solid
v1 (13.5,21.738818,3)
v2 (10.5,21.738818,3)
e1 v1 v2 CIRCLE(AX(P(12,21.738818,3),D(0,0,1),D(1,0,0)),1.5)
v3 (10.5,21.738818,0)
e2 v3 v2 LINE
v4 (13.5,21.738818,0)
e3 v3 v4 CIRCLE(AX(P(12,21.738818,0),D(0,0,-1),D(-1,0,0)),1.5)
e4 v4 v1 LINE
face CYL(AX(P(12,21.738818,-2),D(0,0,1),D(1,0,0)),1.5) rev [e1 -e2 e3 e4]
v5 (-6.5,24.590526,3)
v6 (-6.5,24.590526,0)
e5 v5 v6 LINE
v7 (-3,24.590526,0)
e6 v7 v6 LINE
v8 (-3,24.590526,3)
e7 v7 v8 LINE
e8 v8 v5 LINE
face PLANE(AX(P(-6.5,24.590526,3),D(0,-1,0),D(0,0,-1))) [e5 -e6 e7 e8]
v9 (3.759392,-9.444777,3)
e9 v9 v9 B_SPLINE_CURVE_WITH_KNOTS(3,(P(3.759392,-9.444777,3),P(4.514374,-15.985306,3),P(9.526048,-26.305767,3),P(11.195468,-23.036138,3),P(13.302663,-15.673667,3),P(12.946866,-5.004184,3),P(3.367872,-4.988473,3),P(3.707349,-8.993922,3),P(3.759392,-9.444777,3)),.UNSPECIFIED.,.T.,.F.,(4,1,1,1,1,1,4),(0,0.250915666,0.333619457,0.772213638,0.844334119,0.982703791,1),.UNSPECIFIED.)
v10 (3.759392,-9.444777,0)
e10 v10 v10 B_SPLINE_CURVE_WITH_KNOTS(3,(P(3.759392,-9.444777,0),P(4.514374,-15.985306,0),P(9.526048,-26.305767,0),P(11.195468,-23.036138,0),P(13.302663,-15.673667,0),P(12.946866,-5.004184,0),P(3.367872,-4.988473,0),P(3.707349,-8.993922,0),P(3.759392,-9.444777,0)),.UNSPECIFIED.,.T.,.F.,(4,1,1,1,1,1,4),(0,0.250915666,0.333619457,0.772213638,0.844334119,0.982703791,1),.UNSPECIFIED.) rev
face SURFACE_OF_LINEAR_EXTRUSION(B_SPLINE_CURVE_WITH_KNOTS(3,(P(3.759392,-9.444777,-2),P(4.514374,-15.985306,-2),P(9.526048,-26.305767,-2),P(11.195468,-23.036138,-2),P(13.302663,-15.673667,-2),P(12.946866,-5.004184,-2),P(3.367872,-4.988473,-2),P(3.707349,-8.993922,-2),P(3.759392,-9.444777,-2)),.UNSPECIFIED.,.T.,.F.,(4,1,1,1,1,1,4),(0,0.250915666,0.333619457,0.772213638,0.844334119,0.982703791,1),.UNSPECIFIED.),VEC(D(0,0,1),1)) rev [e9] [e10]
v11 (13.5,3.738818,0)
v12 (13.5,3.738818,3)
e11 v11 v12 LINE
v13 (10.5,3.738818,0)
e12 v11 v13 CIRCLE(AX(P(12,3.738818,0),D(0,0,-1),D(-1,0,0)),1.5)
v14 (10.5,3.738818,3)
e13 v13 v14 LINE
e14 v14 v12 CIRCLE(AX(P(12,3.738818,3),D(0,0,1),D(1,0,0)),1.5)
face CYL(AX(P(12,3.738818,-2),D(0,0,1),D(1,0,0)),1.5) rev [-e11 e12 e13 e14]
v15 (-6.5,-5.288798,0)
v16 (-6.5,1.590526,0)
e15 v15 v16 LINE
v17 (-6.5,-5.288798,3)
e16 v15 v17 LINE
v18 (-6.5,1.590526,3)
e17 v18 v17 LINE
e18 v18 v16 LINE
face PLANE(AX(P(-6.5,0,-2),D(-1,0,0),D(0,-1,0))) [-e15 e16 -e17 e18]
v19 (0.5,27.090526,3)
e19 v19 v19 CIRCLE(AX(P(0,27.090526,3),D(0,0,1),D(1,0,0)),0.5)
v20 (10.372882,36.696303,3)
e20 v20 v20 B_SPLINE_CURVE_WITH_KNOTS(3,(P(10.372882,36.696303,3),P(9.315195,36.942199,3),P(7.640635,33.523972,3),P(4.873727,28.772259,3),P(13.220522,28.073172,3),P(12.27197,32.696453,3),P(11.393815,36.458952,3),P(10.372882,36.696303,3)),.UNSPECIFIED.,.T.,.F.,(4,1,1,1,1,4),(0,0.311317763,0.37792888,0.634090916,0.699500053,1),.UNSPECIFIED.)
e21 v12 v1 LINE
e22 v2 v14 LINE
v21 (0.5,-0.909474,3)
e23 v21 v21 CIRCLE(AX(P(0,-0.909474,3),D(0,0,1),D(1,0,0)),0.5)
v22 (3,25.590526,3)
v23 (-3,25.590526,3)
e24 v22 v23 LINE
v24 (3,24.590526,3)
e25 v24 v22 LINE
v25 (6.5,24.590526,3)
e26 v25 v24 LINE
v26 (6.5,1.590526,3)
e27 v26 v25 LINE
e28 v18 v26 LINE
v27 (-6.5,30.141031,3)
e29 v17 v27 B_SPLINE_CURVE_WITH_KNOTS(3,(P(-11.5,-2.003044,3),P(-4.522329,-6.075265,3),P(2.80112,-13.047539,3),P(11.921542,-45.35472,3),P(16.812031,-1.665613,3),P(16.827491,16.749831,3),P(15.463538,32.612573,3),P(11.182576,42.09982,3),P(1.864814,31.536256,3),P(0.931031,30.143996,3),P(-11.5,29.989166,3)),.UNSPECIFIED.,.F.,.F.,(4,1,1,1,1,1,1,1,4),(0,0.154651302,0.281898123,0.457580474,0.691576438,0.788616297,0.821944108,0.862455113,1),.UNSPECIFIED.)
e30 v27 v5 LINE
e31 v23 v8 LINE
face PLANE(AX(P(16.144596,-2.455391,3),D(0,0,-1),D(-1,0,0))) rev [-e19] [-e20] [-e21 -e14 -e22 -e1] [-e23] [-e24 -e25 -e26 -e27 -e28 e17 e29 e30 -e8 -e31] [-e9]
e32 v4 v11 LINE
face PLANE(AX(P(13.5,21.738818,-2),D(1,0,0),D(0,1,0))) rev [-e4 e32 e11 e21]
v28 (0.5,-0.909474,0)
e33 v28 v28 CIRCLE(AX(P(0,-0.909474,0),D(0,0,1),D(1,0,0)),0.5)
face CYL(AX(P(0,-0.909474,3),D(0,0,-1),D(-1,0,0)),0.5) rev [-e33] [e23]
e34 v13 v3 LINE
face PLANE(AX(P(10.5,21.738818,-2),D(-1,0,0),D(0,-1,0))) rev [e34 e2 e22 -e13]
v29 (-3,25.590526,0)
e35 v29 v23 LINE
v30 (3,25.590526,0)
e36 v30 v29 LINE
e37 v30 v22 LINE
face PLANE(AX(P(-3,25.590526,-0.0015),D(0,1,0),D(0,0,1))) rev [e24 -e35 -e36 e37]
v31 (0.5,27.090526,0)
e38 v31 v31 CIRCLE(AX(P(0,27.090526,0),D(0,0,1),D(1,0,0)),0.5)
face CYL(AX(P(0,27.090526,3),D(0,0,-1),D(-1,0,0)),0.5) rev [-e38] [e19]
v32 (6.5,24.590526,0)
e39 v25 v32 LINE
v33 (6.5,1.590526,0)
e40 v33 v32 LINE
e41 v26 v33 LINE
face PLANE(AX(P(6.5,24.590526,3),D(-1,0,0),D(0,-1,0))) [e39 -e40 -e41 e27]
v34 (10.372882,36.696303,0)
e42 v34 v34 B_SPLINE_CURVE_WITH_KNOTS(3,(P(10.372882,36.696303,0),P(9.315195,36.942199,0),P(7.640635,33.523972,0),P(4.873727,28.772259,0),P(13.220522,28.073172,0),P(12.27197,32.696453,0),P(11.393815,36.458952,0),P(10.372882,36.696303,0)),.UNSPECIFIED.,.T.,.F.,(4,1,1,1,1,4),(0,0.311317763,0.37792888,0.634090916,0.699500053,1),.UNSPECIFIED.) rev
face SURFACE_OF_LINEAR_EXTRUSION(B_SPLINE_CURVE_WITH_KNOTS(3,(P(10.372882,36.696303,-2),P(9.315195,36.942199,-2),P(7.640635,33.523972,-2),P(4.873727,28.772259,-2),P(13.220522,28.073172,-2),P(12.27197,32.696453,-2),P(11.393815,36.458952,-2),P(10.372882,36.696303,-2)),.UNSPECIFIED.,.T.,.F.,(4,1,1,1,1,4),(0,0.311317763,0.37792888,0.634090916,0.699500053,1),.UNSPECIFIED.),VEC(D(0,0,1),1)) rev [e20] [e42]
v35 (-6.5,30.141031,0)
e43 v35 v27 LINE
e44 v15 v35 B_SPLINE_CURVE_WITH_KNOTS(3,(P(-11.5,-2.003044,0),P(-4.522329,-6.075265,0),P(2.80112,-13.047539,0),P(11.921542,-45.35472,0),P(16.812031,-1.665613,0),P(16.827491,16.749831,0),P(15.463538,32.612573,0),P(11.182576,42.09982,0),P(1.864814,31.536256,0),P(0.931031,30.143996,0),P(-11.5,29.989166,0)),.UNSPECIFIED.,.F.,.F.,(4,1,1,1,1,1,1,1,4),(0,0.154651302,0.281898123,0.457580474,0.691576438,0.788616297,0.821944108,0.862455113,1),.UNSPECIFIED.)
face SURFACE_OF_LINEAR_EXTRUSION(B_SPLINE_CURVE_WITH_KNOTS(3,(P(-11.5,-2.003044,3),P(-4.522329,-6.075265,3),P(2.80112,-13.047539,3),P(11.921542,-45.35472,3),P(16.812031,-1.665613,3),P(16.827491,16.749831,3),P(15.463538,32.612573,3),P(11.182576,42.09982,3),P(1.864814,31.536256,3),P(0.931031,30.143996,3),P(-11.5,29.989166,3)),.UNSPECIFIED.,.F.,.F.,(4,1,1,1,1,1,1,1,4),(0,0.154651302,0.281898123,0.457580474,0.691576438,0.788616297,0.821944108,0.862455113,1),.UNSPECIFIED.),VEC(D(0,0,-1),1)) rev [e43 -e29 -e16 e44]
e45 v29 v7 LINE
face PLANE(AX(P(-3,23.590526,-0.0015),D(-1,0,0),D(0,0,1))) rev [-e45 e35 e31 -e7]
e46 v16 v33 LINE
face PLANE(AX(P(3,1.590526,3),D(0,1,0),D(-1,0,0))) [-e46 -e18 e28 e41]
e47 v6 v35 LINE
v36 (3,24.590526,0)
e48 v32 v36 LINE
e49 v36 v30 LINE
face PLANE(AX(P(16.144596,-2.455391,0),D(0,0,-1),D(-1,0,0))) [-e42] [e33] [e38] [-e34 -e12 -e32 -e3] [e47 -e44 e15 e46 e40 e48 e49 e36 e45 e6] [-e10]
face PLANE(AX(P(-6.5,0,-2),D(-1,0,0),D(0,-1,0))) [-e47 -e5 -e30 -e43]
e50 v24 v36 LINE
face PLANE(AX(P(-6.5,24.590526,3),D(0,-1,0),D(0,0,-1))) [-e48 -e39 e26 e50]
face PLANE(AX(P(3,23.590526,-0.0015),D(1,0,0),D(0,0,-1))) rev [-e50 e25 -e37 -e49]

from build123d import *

# Parameters (mm, degrees)
SKETCH1_R           = 0.5
BOSS_EXTRUDE1_DEPTH = 3
SKETCH2_W           = 6
SKETCH2_H           = 1
BOSS_EXTRUDE2_DEPTH = 3
CUT_EXTRUDE1_DEPTH  = 5
CUT_EXTRUDE2_REACH  = 45.552
SKETCH4_W           = 6
SKETCH4_H           = 2
CUT_EXTRUDE3_DEPTH  = 5
CUT_EXTRUDE4_DEPTH  = 5
CUT_EXTRUDE5_DEPTH  = 5


with BuildPart() as part:
    # Sketch1 → Boss-Extrude1 (new body)
    with BuildSketch(Plane.XY):
        with BuildLine():
            Line((-11.5, 29.989165774), (-11.5, -2.003043722))
            add(Edge.make_bspline(
                [(-11.5, 29.989165774), (0.931030808, 30.143995551), (1.864813943, 31.536255842), (11.182575778, 42.099820492), (15.463537913, 32.612573352), (16.827490587, 16.749830903), (16.812030607, -1.665613496), (11.9215419, -45.354719591), (2.80112045, -13.047539172), (-4.522328652, -6.075264795), (-11.5, -2.003043722)],
                knots=[0, 0, 0, 0, 0.137544887, 0.178055892, 0.211383703, 0.308423562, 0.542419526, 0.718101877, 0.845348698, 1, 1, 1, 1], degree=3))
        make_face()
        with Locations((0, 27.090526311)):
            Circle(SKETCH1_R, mode=Mode.SUBTRACT)
        with Locations((0, -0.909473689)):
            Circle(SKETCH1_R, mode=Mode.SUBTRACT)
        Polygon((-6.5, 24.590526311), (6.5, 24.590526311), (6.5, 1.590526311), (3, 1.590526311), (3, 0.590526311), (-3, 0.590526311), (-3, 1.590526311), (-6.5, 1.590526311), align=None, mode=Mode.SUBTRACT)
    extrude(amount=BOSS_EXTRUDE1_DEPTH)

    # Sketch2 → Boss-Extrude2 (add)
    with BuildSketch(Plane.XY.offset(3)):
        with Locations((0, 1.090526311)):
            Rectangle(SKETCH2_W, SKETCH2_H)
    extrude(amount=-BOSS_EXTRUDE2_DEPTH)

    # Sketch3 → Cut-Extrude1 (cut)
    with BuildSketch(Plane.XY.offset(3)):
        with BuildLine():
            Line((-6.5, 1.590526311), (-6.5, 24.590526311))
            Line((-6.5, 24.590526311), (-6.5, 30.141031267))
            add(Edge.make_bspline(
                [(-6.5, 30.141031267), (-7.924178407, 30.059380897), (-9.571124682, 30.013190116), (-11.5, 29.989165774)],
                knots=[0.978657688, 0.978657688, 0.978657688, 0.978657688, 1, 1, 1, 1], degree=3))
            Line((-11.5, 29.989165774), (-11.5, -2.003043722))
            add(Edge.make_bspline(
                [(-11.5, -2.003043722), (-9.638067376, -3.089681496), (-7.986898061, -4.158718816), (-6.5, -5.288798109)],
                knots=[0, 0, 0, 0, 0.041267393, 0.041267393, 0.041267393, 0.041267393], degree=3))
            Line((-6.5, -5.288798109), (-6.5, 1.590526311))
        make_face()
    extrude(amount=-CUT_EXTRUDE1_DEPTH, mode=Mode.SUBTRACT)

    # Sketch4 → Cut-Extrude2 (cut, up to next)
    with BuildSketch(Plane.XY.offset(3), mode=Mode.PRIVATE) as cut_extrude2_sk1:
        with Locations((0, 24.590526311)):
            Rectangle(SKETCH4_W, SKETCH4_H)
    cut_extrude2_tool1 = extrude(cut_extrude2_sk1.sketch, amount=-CUT_EXTRUDE2_REACH, mode=Mode.PRIVATE) & part.part
    add(cut_extrude2_tool1.solids().sort_by_distance((0, 24.590526, 3))[0], mode=Mode.SUBTRACT)

    # Sketch6 → Cut-Extrude3 (cut)
    with BuildSketch(Plane.XY.offset(3)):
        with BuildLine():
            add(Edge.make_bspline(
                [(3.75939202, -9.444776583), (4.514374253, -15.985306292), (9.526047536, -26.305767082), (11.195467528, -23.036137571), (13.302662578, -15.673667164), (12.946866156, -5.004183865), (3.367871771, -4.988472744), (3.707349313, -8.993922436), (3.75939202, -9.444776583)],
                knots=[0, 0, 0, 0, 0.250915666, 0.333619457, 0.772213638, 0.844334119, 0.982703791, 1, 1, 1, 1], degree=3))
        make_face()
    extrude(amount=-CUT_EXTRUDE3_DEPTH, mode=Mode.SUBTRACT)

    # Sketch8 → Cut-Extrude4 (cut)
    with BuildSketch(Plane.XY.offset(3)):
        with BuildLine():
            Line((13.5, 21.73881832), (13.5, 3.73881832))
            ThreePointArc((13.5, 3.73881832), (12, 2.23881832), (10.5, 3.73881832))
            Line((10.5, 3.73881832), (10.5, 21.73881832))
            ThreePointArc((10.5, 21.73881832), (12, 23.23881832), (13.5, 21.73881832))
        make_face()
    extrude(amount=-CUT_EXTRUDE4_DEPTH, mode=Mode.SUBTRACT)

    # Sketch9 → Cut-Extrude5 (cut)
    with BuildSketch(Plane.XY.offset(3)):
        with BuildLine():
            add(Edge.make_bspline(
                [(10.37288169, 36.696303363), (11.393815381, 36.458952089), (12.271969994, 32.696452749), (13.220521781, 28.073172196), (4.873727326, 28.772258673), (7.64063538, 33.523971801), (9.315195003, 36.942199139), (10.37288169, 36.696303363)],
                knots=[0, 0, 0, 0, 0.300499947, 0.365909084, 0.62207112, 0.688682237, 1, 1, 1, 1], degree=3))
        make_face()
    extrude(amount=-CUT_EXTRUDE5_DEPTH, mode=Mode.SUBTRACT)


solid = part.part
